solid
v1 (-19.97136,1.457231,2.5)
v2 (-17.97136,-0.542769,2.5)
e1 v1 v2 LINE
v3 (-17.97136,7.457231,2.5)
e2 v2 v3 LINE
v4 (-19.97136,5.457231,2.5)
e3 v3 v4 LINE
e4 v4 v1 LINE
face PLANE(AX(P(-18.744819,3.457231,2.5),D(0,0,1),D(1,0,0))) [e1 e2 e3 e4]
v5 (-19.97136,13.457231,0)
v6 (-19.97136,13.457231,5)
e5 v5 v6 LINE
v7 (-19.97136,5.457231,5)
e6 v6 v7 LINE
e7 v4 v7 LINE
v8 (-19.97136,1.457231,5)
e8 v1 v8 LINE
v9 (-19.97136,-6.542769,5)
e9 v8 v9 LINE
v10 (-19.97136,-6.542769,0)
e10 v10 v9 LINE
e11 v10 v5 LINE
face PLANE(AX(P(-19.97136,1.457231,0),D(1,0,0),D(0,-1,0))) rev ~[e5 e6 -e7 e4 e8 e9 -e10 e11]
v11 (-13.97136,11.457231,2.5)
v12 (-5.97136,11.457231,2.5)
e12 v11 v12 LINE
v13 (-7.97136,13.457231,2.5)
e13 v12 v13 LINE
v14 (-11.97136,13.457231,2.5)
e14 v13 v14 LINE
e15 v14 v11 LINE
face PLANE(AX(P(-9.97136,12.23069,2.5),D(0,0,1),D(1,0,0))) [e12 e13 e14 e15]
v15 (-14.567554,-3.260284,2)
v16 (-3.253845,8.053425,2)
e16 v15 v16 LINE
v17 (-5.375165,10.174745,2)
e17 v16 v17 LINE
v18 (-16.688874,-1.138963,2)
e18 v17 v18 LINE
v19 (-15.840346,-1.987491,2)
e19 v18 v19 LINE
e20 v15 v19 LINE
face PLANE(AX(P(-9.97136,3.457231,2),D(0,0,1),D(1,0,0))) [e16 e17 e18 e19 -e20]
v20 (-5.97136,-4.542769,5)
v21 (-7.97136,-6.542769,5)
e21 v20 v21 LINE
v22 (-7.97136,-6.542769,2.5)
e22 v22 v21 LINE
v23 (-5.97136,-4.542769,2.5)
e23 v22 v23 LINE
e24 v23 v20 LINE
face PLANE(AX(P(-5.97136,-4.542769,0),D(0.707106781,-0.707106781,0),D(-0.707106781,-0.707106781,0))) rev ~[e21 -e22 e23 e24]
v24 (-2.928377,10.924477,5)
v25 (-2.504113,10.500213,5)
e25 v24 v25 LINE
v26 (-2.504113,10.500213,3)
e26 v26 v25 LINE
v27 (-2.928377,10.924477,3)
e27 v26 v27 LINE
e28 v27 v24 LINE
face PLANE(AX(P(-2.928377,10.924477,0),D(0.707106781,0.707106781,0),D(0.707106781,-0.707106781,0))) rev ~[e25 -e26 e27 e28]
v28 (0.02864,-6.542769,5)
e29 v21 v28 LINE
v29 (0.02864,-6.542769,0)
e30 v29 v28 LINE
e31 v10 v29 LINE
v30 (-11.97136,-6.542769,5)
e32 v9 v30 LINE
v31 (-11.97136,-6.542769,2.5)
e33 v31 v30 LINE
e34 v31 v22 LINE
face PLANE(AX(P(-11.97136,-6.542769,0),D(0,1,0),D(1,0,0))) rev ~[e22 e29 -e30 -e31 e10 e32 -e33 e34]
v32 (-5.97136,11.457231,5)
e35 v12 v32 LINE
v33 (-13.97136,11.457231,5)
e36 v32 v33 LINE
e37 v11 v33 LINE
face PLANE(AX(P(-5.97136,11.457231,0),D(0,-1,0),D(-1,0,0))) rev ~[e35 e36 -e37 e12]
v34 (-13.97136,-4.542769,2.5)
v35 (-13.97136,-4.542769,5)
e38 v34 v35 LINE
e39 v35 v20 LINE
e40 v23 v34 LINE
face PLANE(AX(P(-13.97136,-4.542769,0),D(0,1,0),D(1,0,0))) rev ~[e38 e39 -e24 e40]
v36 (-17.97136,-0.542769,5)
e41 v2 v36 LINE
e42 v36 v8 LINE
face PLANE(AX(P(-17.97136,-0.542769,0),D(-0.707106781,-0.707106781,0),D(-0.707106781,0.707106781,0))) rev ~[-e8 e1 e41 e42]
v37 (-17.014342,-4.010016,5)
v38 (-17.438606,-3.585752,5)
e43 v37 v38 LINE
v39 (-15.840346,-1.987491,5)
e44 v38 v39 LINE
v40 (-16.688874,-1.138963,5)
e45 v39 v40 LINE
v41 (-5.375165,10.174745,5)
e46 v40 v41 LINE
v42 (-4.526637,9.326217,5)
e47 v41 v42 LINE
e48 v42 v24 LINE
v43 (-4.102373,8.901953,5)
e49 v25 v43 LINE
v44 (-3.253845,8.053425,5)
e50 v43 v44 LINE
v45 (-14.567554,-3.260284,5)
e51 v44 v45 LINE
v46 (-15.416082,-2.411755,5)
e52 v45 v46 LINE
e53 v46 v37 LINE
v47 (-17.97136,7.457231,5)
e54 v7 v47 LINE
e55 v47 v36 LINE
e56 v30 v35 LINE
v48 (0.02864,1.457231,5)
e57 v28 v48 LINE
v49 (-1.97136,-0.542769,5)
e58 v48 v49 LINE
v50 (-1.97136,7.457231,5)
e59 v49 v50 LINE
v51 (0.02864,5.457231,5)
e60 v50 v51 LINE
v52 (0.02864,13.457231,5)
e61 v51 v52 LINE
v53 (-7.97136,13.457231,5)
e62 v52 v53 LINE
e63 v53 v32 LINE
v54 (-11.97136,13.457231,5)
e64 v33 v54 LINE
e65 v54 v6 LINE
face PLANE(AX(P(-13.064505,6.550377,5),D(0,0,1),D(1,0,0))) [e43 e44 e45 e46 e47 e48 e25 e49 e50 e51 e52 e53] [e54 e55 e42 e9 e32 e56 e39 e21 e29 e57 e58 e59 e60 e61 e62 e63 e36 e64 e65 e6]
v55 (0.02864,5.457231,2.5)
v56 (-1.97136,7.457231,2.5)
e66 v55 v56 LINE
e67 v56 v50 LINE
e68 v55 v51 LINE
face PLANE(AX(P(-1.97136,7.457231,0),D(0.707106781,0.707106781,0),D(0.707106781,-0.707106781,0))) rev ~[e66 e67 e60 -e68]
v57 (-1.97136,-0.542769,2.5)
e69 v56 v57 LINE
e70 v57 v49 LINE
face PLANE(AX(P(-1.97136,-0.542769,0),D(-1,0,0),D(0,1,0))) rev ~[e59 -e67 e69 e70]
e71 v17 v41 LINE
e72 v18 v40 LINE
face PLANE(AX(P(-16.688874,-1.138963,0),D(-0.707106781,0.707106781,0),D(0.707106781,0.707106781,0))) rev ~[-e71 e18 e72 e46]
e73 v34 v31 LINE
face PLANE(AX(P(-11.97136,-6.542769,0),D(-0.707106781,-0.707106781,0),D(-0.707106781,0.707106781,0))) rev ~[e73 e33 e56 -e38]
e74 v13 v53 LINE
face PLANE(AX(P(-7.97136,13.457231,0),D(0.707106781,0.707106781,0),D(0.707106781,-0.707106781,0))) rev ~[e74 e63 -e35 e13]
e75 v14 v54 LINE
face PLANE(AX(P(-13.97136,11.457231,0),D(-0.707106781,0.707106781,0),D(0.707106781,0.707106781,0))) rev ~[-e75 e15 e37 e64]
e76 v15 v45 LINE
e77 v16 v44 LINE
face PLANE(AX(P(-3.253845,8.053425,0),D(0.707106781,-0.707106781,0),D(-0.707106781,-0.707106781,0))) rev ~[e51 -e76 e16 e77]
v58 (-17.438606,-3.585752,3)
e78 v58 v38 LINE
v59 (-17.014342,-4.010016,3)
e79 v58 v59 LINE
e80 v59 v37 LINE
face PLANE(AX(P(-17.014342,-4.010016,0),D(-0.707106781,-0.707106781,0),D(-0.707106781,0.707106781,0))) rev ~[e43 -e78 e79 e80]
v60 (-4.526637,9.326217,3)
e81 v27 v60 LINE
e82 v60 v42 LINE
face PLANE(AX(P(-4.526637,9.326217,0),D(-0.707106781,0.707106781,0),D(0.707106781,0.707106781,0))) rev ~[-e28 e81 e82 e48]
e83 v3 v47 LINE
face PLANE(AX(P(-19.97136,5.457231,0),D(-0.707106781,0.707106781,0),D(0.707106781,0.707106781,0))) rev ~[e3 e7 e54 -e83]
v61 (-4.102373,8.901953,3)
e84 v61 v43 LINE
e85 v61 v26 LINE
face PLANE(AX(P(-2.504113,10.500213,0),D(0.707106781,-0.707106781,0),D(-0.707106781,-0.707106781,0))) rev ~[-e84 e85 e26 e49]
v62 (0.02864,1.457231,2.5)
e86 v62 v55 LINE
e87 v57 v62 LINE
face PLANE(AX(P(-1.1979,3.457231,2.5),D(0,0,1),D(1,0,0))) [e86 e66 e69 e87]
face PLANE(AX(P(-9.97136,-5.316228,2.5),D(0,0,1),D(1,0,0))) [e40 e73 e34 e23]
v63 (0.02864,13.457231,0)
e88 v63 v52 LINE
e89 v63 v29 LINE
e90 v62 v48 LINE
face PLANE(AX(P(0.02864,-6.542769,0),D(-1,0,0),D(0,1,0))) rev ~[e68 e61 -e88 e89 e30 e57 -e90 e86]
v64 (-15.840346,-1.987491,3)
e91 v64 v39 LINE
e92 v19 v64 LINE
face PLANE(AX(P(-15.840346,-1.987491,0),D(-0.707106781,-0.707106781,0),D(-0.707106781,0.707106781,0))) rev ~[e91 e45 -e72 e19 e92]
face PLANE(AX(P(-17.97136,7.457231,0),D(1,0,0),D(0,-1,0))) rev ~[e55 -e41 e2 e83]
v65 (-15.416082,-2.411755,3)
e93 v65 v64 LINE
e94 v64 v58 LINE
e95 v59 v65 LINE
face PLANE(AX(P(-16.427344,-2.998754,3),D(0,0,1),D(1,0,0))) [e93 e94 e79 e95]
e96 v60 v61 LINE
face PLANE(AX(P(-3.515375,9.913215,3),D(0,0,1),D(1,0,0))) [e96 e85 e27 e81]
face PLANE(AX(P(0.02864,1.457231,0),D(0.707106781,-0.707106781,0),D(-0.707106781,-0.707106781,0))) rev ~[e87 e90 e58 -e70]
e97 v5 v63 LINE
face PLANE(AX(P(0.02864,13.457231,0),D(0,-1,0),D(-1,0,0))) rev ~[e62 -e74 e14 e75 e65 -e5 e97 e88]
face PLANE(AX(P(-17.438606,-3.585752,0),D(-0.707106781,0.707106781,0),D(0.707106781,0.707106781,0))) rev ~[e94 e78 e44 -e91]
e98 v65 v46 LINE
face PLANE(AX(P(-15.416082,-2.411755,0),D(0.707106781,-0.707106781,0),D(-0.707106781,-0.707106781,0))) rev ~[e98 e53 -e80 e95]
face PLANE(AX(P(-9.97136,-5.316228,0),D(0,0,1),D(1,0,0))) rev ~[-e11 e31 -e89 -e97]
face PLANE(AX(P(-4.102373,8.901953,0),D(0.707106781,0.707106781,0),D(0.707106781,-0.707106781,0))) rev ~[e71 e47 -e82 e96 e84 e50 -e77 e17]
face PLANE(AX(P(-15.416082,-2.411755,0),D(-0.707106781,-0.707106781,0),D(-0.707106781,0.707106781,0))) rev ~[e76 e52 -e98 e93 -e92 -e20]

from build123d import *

# Parameters (mm, degrees)
F1_DEPTH = 5
F2_DEPTH = 2
F3_DEPTH = 3
F4_DEPTH = 2.5


with BuildPart() as f1:
    # F0 (on Top) → F1 (new body)
    with BuildSketch(Plane.XY):
        Polygon((-5.9713595426, 11.4572308195), (-13.9713595426, 11.4572308195), (-17.9713595426, 11.4572308195), (-17.9713595426, 7.4572308195), (-17.9713595426, -0.5427691805), (-17.9713595426, -2.421448837), (-16.6888739638, -1.1389632582), (-5.3751654648, 10.1747452407), (-4.0926798861, 11.4572308195), align=None)
        Polygon((-2.3956236113, 11.4572308195), (-4.0926798861, 11.4572308195), (-5.3751654648, 10.1747452407), (-4.5266373274, 9.3262171033), (-2.9283770403, 10.9244773904), align=None)
        Polygon((-3.2538451213, 8.0534248972), (-1.9713595426, 9.3359104759), (-1.9713595426, 11.0329667508), (-2.5041129716, 10.5002133217), (-4.1023732587, 8.9019530346), align=None)
        Polygon((-1.9713595426, -0.5427691805), (-1.9713595426, 7.4572308195), (-1.9713595426, 9.3359104759), (-3.2538451213, 8.0534248972), (-14.5675536203, -3.2602836018), (-15.850039199, -4.5427691805), (-13.9713595426, -4.5427691805), (-5.9713595426, -4.5427691805), (-1.9713595426, -4.5427691805), align=None)
        Polygon((-17.5470954738, -4.5427691805), (-15.850039199, -4.5427691805), (-14.5675536203, -3.2602836018), (-15.4160817577, -2.4117554644), (-17.0143420448, -4.0100157515), align=None)
        Polygon((-16.6888739638, -1.1389632582), (-17.9713595426, -2.421448837), (-17.9713595426, -4.1185051118), (-17.4386061135, -3.5857516828), (-15.8403458264, -1.9874913957), align=None)
        Polygon((-1.9713595426, 11.4572308195), (-2.3956236113, 11.4572308195), (-2.9283770403, 10.9244773904), (-2.5041129716, 10.5002133217), (-1.9713595426, 11.0329667508), align=None)
        Polygon((-17.4386061135, -3.5857516828), (-17.9713595426, -4.1185051118), (-17.9713595426, -4.5427691805), (-17.5470954738, -4.5427691805), (-17.0143420448, -4.0100157515), align=None)
        Polygon((0.0286404574, -6.5427691805), (0.0286404574, 1.4572308195), (-1.9713595426, -0.5427691805), (-1.9713595426, -4.5427691805), (-5.9713595426, -4.5427691805), (-7.9713595426, -6.5427691805), align=None)
        Polygon((0.0286404574, 13.4572308195), (-7.9713595426, 13.4572308195), (-5.9713595426, 11.4572308195), (-4.0926798861, 11.4572308195), (-2.3956236113, 11.4572308195), (-1.9713595426, 11.4572308195), (-1.9713595426, 11.0329667508), (-1.9713595426, 9.3359104759), (-1.9713595426, 7.4572308195), (0.0286404574, 5.4572308195), align=None)
        Polygon((-11.9713595426, 13.4572308195), (-19.9713595426, 13.4572308195), (-19.9713595426, 5.4572308195), (-17.9713595426, 7.4572308195), (-17.9713595426, 11.4572308195), (-13.9713595426, 11.4572308195), align=None)
        Polygon((-17.9713595426, -0.5427691805), (-19.9713595426, 1.4572308195), (-19.9713595426, -6.5427691805), (-11.9713595426, -6.5427691805), (-13.9713595426, -4.5427691805), (-15.850039199, -4.5427691805), (-17.5470954738, -4.5427691805), (-17.9713595426, -4.5427691805), (-17.9713595426, -4.1185051118), (-17.9713595426, -2.421448837), align=None)
    extrude(amount=F1_DEPTH)

    # F0 (on Top) → F2 (join)
    with BuildSketch(Plane.XY):
        Polygon((-4.5266373274, 9.3262171033), (-5.3751654648, 10.1747452407), (-16.6888739638, -1.1389632582), (-15.8403458264, -1.9874913957), (-15.4160817577, -2.4117554644), (-14.5675536203, -3.2602836018), (-3.2538451213, 8.0534248972), (-4.1023732587, 8.9019530346), align=None)
    extrude(amount=F2_DEPTH)

    # F0 (on Top) → F3 (join)
    with BuildSketch(Plane.XY):
        Polygon((-15.8403458264, -1.9874913957), (-17.4386061135, -3.5857516828), (-17.0143420448, -4.0100157515), (-15.4160817577, -2.4117554644), align=None)
        Polygon((-2.5041129716, 10.5002133217), (-2.9283770403, 10.9244773904), (-4.5266373274, 9.3262171033), (-4.1023732587, 8.9019530346), align=None)
    extrude(amount=F3_DEPTH)

    # F0 (on Top) → F4 (join)
    with BuildSketch(Plane.XY):
        Polygon((-13.9713595426, -4.5427691805), (-11.9713595426, -6.5427691805), (-7.9713595426, -6.5427691805), (-5.9713595426, -4.5427691805), align=None)
        Polygon((-17.9713595426, 7.4572308195), (-19.9713595426, 5.4572308195), (-19.9713595426, 1.4572308195), (-17.9713595426, -0.5427691805), align=None)
        Polygon((-7.9713595426, 13.4572308195), (-11.9713595426, 13.4572308195), (-13.9713595426, 11.4572308195), (-5.9713595426, 11.4572308195), align=None)
        Polygon((0.0286404574, 1.4572308195), (0.0286404574, 5.4572308195), (-1.9713595426, 7.4572308195), (-1.9713595426, -0.5427691805), align=None)
    extrude(amount=F4_DEPTH)


solid = f1.part
